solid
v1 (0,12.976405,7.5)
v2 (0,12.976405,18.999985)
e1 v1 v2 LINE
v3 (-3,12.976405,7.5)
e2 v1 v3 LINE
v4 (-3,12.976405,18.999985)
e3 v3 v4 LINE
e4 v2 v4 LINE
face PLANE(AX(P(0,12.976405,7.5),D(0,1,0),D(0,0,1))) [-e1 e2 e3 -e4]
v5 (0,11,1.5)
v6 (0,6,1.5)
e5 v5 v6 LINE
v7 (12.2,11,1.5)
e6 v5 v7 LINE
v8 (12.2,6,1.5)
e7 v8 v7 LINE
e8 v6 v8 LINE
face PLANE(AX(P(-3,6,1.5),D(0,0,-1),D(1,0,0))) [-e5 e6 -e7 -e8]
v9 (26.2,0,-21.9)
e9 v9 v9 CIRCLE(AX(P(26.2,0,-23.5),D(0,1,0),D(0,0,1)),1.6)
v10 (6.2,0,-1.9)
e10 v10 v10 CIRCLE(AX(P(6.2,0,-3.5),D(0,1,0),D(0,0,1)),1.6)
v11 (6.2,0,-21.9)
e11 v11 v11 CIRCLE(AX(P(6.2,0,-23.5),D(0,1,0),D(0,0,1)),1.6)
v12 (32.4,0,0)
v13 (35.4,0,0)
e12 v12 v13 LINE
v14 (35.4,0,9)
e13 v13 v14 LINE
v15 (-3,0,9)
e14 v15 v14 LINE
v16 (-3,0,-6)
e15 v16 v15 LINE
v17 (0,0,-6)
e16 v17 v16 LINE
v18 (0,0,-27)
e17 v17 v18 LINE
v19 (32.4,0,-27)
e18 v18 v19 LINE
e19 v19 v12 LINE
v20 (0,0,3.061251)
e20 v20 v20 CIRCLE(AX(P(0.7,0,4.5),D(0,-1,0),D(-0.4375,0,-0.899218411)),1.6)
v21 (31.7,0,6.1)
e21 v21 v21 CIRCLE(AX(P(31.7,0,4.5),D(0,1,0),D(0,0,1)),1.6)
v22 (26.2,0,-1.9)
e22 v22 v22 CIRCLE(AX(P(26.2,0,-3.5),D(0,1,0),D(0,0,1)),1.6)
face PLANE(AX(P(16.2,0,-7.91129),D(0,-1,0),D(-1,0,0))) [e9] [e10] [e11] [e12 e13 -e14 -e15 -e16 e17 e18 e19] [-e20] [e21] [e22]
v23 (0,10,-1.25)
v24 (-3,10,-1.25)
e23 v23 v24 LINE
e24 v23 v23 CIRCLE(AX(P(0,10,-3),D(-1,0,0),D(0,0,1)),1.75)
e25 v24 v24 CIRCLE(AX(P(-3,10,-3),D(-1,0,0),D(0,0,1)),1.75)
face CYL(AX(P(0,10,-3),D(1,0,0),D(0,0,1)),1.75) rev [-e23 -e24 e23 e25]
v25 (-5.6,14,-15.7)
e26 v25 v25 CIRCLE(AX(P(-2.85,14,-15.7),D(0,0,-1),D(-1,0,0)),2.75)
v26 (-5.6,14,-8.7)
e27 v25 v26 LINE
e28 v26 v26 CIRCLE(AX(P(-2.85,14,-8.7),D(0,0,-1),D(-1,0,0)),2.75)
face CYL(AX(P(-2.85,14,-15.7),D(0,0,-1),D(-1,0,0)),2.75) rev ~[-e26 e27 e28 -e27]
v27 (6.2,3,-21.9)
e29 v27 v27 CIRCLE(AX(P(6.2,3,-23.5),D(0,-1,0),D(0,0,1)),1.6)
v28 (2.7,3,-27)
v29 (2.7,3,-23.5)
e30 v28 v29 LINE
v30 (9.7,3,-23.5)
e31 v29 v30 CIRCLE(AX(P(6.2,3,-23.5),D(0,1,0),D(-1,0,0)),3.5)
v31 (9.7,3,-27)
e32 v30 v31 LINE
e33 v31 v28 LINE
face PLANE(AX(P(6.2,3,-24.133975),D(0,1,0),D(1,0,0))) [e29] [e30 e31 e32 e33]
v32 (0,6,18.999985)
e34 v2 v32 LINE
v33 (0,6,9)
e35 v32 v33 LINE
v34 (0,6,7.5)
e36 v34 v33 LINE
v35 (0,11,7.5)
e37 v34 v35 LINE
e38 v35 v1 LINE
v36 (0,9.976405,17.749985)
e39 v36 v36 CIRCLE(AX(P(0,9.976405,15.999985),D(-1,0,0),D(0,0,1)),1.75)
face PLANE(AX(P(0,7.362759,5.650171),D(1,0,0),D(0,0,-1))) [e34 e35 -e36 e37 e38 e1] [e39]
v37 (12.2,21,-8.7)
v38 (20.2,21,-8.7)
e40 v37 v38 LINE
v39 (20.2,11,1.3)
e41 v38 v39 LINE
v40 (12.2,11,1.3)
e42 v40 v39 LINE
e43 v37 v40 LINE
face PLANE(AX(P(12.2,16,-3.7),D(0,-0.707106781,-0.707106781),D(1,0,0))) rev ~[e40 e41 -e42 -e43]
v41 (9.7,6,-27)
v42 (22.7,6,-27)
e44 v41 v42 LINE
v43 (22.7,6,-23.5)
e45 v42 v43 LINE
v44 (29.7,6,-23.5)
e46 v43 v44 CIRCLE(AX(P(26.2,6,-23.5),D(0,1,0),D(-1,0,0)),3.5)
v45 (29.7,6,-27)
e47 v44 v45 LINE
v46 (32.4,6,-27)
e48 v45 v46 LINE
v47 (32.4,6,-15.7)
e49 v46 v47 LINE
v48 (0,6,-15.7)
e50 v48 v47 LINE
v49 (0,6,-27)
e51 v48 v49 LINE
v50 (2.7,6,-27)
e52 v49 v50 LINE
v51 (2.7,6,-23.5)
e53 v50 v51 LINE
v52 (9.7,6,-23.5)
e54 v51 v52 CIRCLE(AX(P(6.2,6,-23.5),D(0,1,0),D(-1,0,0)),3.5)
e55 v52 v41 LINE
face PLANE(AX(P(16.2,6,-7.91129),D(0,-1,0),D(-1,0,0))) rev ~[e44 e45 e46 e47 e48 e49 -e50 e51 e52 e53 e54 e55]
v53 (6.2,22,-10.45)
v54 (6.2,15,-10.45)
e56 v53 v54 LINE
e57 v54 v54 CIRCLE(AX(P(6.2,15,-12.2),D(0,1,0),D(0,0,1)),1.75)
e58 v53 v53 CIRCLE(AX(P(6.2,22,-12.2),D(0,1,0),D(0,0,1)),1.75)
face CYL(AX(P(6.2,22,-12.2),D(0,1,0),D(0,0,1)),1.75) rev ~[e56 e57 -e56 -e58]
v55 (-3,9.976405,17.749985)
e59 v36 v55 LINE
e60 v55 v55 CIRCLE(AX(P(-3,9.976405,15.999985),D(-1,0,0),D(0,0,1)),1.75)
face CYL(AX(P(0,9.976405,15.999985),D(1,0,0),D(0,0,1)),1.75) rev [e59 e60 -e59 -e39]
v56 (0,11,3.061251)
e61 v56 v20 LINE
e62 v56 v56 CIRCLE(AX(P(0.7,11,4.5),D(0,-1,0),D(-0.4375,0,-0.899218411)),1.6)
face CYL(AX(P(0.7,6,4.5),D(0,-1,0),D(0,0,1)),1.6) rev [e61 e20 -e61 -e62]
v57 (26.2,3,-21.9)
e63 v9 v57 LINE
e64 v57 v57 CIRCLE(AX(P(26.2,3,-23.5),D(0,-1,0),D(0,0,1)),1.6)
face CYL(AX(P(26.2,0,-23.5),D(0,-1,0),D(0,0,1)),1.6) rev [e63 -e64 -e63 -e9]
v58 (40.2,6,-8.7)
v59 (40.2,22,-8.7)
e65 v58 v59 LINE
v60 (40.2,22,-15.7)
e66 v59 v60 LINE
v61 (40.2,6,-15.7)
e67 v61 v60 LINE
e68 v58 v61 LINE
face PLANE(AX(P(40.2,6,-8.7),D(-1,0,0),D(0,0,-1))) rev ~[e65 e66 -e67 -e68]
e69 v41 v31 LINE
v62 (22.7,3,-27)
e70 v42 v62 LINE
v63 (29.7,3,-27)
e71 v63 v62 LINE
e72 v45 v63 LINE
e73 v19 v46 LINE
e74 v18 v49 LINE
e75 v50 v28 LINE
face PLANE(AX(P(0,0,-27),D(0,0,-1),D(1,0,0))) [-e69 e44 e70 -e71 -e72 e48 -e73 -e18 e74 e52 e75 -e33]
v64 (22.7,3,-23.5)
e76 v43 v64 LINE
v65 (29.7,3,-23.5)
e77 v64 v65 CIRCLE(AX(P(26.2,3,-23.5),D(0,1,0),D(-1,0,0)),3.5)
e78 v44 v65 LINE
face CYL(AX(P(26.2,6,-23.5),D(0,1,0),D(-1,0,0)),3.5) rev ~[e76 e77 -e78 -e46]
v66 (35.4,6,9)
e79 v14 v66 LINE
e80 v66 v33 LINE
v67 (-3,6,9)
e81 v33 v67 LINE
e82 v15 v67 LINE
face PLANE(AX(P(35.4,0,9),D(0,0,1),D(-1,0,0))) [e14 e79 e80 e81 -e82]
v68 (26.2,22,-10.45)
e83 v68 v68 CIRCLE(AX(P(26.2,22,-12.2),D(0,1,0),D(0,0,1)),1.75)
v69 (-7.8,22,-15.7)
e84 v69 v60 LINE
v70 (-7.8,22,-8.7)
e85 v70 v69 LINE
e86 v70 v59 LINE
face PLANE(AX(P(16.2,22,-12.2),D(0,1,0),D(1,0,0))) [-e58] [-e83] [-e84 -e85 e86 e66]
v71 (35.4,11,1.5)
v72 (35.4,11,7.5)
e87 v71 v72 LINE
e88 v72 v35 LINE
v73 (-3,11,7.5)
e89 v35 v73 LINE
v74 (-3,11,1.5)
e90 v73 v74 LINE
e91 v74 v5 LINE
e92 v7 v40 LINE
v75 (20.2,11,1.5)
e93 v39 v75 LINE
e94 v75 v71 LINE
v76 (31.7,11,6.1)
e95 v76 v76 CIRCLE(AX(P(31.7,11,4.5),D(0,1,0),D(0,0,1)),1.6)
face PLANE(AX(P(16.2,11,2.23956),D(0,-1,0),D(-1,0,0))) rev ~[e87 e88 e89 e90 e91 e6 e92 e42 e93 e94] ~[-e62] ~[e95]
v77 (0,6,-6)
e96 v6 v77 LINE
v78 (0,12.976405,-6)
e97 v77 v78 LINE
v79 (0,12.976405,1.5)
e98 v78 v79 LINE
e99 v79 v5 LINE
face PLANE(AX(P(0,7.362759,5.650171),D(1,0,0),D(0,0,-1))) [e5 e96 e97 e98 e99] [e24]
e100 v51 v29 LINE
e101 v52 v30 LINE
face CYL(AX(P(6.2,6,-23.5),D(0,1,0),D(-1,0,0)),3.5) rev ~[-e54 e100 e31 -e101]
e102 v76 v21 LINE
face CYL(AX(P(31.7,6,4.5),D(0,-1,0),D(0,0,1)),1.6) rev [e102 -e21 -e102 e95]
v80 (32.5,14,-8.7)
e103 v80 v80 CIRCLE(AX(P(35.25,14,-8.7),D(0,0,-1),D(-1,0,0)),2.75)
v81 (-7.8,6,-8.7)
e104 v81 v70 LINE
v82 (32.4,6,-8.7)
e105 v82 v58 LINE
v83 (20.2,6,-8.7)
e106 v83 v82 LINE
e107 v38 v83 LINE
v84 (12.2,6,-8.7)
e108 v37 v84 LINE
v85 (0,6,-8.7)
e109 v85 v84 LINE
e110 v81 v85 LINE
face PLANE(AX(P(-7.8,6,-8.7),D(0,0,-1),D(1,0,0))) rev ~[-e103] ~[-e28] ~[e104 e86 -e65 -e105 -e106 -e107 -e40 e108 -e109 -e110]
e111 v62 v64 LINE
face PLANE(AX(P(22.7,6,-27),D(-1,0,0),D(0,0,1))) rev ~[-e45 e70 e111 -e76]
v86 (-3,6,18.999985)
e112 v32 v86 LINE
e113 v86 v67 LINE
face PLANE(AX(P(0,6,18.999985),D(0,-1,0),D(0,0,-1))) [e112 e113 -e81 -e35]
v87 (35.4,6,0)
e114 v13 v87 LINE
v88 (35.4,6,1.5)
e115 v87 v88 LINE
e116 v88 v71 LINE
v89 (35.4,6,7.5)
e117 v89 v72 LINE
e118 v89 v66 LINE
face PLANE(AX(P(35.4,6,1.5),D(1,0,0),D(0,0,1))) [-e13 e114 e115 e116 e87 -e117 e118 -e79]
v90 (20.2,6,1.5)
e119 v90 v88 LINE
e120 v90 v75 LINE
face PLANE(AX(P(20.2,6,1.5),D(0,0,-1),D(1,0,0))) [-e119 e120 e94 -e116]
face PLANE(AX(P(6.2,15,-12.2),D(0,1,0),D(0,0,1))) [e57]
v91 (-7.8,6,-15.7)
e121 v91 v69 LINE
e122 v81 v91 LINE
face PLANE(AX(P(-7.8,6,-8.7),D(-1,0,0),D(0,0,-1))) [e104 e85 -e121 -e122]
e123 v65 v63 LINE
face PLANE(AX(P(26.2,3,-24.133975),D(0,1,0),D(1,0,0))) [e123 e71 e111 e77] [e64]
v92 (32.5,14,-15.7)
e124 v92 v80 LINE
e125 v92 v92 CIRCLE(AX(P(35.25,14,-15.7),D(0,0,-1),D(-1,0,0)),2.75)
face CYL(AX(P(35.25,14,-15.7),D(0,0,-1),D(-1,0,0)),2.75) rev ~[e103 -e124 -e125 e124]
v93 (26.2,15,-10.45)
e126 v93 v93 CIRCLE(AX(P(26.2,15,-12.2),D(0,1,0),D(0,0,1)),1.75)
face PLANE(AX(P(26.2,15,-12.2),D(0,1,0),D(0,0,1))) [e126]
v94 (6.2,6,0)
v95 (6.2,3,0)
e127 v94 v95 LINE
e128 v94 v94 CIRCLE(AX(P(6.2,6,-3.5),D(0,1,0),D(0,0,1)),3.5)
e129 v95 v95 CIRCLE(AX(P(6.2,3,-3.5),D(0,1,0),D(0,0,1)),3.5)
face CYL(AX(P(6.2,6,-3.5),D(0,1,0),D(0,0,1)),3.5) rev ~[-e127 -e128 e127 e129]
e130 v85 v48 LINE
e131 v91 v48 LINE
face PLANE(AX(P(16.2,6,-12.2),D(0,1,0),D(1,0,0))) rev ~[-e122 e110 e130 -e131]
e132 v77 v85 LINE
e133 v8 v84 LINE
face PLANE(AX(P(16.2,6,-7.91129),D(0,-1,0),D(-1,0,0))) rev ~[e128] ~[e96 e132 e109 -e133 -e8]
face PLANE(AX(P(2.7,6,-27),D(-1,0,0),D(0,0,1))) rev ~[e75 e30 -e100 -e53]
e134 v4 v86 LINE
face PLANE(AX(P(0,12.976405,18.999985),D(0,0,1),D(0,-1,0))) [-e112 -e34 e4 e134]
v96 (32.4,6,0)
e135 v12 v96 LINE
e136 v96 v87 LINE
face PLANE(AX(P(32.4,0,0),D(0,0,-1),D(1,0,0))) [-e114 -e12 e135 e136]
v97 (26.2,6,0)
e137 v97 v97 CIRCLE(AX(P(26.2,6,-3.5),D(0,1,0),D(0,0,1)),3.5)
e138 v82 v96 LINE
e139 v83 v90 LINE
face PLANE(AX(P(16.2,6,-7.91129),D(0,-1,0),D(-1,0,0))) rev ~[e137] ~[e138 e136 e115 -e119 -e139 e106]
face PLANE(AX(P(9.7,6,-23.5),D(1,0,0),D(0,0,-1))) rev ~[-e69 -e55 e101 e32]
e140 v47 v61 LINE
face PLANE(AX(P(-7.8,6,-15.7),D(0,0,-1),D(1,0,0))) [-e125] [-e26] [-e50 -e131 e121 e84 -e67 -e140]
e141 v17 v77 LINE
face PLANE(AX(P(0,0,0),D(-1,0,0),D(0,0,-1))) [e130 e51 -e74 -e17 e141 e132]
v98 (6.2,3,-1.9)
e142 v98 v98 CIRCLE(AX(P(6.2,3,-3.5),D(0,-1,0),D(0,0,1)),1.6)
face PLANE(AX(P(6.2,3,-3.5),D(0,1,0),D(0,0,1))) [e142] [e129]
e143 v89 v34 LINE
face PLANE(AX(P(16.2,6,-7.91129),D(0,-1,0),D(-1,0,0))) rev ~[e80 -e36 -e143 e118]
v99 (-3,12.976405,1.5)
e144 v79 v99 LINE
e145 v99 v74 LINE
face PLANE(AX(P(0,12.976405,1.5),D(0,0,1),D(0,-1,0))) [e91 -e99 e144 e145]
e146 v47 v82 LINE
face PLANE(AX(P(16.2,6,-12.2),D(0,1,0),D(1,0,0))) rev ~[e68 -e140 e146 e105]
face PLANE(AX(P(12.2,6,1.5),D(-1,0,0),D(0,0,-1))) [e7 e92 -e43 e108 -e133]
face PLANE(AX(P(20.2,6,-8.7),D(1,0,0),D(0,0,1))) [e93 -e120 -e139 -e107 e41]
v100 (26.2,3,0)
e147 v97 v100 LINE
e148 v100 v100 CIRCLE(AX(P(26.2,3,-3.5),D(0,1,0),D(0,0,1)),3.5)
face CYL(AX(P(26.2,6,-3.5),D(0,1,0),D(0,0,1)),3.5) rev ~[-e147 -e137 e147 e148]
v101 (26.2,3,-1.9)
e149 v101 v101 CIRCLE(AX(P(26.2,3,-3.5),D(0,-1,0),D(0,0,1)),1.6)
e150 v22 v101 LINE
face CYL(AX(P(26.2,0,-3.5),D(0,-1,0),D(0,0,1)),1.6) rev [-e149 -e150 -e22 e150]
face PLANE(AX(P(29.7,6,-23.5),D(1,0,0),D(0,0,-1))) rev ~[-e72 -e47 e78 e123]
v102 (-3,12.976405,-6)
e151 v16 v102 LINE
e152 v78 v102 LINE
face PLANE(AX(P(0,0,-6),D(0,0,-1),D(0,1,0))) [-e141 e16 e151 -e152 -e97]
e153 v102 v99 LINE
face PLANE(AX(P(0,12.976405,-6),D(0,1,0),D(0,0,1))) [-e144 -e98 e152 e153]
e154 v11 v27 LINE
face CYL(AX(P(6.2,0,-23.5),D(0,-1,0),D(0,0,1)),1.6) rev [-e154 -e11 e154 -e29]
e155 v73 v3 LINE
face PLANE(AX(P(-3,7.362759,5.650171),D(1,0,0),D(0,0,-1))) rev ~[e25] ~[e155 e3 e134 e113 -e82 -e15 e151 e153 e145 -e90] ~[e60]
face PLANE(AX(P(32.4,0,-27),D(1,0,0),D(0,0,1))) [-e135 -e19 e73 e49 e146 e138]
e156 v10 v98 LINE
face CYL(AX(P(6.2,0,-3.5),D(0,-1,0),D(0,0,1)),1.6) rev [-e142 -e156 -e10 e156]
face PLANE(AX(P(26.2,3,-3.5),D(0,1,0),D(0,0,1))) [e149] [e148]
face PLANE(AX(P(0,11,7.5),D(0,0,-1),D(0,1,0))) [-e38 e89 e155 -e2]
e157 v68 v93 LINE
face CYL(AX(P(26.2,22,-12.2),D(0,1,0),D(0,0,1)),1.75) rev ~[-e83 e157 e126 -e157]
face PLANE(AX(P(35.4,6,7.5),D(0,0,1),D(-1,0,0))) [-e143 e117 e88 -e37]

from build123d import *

# Parameters (mm, degrees)
SKETCH_1_R          = 1.6
EXTRUDE_1_DEPTH     = 6
SKETCH_2_R          = 3.5
CUT_EXTRUDE_1_DEPTH = 3
SKETCH_3_W          = 48
SKETCH_3_H          = 7
EXTRUDE_2_DEPTH     = 16
SKETCH_5_R          = 2.75
CUT_EXTRUDE_2_DEPTH = 7
SKETCH_6_R          = 1.6
EXTRUDE_3_DEPTH     = 5
SKETCH_7_R          = 1.75
EXTRUDE_4_DEPTH     = 3
CHAMFER_1_SIZE      = 10
CUT_EXTRUDE_START   = -11
SKETCH_8_R          = 1.6
CUT_EXTRUDE_3_DEPTH = 11
SKETCH_9_R          = 1.75
CUT_EXTRUDE_4_DEPTH = 7


with BuildPart() as part:
    # Эскиз1 → Бобышка-Вытянуть1 (new body)
    with BuildSketch(Plane(origin=(0, 0, 0), x_dir=(1, 0, 0), z_dir=(0, 1, 0))):
        Polygon((0, 0), (0, 27), (32.4, 27), (32.4, 0), (35.4, 0), (35.4, -9), (-3, -9), (-3, 0), align=None)
        with Locations(Location((6.2, 23.5, 0), (0, 0, 270))):
            Circle(SKETCH_1_R, mode=Mode.SUBTRACT)
        with Locations(Location((26.2, 23.5, 0), (0, 0, 270))):
            Circle(SKETCH_1_R, mode=Mode.SUBTRACT)
        with Locations(Location((6.2, 3.5, 0), (0, 0, 270))):
            Circle(SKETCH_1_R, mode=Mode.SUBTRACT)
        with Locations(Location((26.2, 3.5, 0), (0, 0, 270))):
            Circle(SKETCH_1_R, mode=Mode.SUBTRACT)
        with Locations(Location((31.7, -4.5, 0), (0, 0, 270))):
            Circle(SKETCH_1_R, mode=Mode.SUBTRACT)
        with Locations(Location((0.7, -4.5, 0), (0, 0, 270))):
            Circle(SKETCH_1_R, mode=Mode.SUBTRACT)
    extrude(amount=EXTRUDE_1_DEPTH)

    # Эскиз2 → Вырез-Вытянуть1 (cut)
    with BuildSketch(Plane(origin=(0, 6, 0), x_dir=(1, 0, 0), z_dir=(0, 1, 0))):
        with Locations(Location((26.2, 3.5, 0), (0, 0, 270))):
            Circle(SKETCH_2_R)
        with Locations(Location((6.2, 3.5, 0), (0, 0, 270))):
            Circle(SKETCH_2_R)
        with BuildLine():
            Line((29.7, 23.5), (29.7, 27))
            Line((29.7, 27), (22.7, 27))
            Line((22.7, 27), (22.7, 23.5))
            ThreePointArc((22.7, 23.5), (26.2, 20), (29.7, 23.5))
        make_face()
        with BuildLine():
            Line((9.7, 23.5), (9.7, 27))
            Line((9.7, 27), (2.7, 27))
            Line((2.7, 27), (2.7, 23.5))
            ThreePointArc((2.7, 23.5), (6.2, 20), (9.7, 23.5))
        make_face()
    extrude(amount=-CUT_EXTRUDE_1_DEPTH, mode=Mode.SUBTRACT)

    # Эскиз3 → Бобышка-Вытянуть2 (add)
    with BuildSketch(Plane(origin=(0, 6, 0), x_dir=(1, 0, 0), z_dir=(0, 1, 0))):
        with Locations((16.2, 12.2)):
            Rectangle(SKETCH_3_W, SKETCH_3_H)
    extrude(amount=EXTRUDE_2_DEPTH)

    # Эскиз5 → Вырез-Вытянуть2 (cut)
    with BuildSketch(Plane(origin=(0, 0, -15.7), x_dir=(-1, 0, 0), z_dir=(0, 0, -1))):
        with Locations((-35.25, 14)):
            Circle(SKETCH_5_R)
        with Locations((2.85, 14)):
            Circle(SKETCH_5_R)
    extrude(amount=-CUT_EXTRUDE_2_DEPTH, mode=Mode.SUBTRACT)

    # Эскиз6 → Бобышка-Вытянуть3 (add)
    with BuildSketch(Plane(origin=(0, 6, 0), x_dir=(1, 0, 0), z_dir=(0, 1, 0))):
        Polygon((35.4, -7.5), (-3, -7.5), (-3, -1.5), (12.2, -1.5), (12.2, 8.7), (20.2, 8.7), (20.2, -1.5), (35.4, -1.5), align=None)
        with Locations(Location((31.7, -4.5, 0), (0, 0, 270))):
            Circle(SKETCH_6_R, mode=Mode.SUBTRACT)
        with Locations(Location((0.7, -4.5, 0), (0, 0, 270))):
            Circle(SKETCH_6_R, mode=Mode.SUBTRACT)
    extrude(amount=EXTRUDE_3_DEPTH)

    # Эскиз7 → Бобышка-Вытянуть4 (add)
    with BuildSketch(Plane.ZY):
        Polygon((7.5, 12.97640534), (18.99998535, 12.97640534), (18.99998535, 6), (9, 6), (9, 0), (-6, 0), (-6, 12.97640534), (1.5, 12.97640534), (1.5, 11), (7.5, 11), align=None)
        with Locations((-3, 10)):
            Circle(SKETCH_7_R, mode=Mode.SUBTRACT)
        with Locations((15.99998535, 9.97640534)):
            Circle(SKETCH_7_R, mode=Mode.SUBTRACT)
    extrude(amount=EXTRUDE_4_DEPTH)

    # Фаска1
    chamfer_1_edges = [part.edges().sort_by_distance(p)[0] for p in [
        (16.2, 11, -8.7),
    ]]
    chamfer(chamfer_1_edges, length=CHAMFER_1_SIZE)

    # Эскиз8 → Вырез-Вытянуть3 (cut)
    with BuildSketch(Plane(origin=(0, 11, 0), x_dir=(1, 0, 0), z_dir=(0, 1, 0)).offset(CUT_EXTRUDE_START)):
        with Locations(Location((0.7, -4.5, 0), (0, 0, 270))):
            Circle(SKETCH_8_R)
    extrude(amount=CUT_EXTRUDE_3_DEPTH, mode=Mode.SUBTRACT)

    # Эскиз9 → Вырез-Вытянуть4 (cut)
    with BuildSketch(Plane(origin=(0, 22, 0), x_dir=(1, 0, 0), z_dir=(0, 1, 0))):
        with Locations(Location((26.2, 12.2, 0), (0, 0, 270))):
            Circle(SKETCH_9_R)
        with Locations(Location((6.2, 12.2, 0), (0, 0, 270))):
            Circle(SKETCH_9_R)
    extrude(amount=-CUT_EXTRUDE_4_DEPTH, mode=Mode.SUBTRACT)


solid = part.part
